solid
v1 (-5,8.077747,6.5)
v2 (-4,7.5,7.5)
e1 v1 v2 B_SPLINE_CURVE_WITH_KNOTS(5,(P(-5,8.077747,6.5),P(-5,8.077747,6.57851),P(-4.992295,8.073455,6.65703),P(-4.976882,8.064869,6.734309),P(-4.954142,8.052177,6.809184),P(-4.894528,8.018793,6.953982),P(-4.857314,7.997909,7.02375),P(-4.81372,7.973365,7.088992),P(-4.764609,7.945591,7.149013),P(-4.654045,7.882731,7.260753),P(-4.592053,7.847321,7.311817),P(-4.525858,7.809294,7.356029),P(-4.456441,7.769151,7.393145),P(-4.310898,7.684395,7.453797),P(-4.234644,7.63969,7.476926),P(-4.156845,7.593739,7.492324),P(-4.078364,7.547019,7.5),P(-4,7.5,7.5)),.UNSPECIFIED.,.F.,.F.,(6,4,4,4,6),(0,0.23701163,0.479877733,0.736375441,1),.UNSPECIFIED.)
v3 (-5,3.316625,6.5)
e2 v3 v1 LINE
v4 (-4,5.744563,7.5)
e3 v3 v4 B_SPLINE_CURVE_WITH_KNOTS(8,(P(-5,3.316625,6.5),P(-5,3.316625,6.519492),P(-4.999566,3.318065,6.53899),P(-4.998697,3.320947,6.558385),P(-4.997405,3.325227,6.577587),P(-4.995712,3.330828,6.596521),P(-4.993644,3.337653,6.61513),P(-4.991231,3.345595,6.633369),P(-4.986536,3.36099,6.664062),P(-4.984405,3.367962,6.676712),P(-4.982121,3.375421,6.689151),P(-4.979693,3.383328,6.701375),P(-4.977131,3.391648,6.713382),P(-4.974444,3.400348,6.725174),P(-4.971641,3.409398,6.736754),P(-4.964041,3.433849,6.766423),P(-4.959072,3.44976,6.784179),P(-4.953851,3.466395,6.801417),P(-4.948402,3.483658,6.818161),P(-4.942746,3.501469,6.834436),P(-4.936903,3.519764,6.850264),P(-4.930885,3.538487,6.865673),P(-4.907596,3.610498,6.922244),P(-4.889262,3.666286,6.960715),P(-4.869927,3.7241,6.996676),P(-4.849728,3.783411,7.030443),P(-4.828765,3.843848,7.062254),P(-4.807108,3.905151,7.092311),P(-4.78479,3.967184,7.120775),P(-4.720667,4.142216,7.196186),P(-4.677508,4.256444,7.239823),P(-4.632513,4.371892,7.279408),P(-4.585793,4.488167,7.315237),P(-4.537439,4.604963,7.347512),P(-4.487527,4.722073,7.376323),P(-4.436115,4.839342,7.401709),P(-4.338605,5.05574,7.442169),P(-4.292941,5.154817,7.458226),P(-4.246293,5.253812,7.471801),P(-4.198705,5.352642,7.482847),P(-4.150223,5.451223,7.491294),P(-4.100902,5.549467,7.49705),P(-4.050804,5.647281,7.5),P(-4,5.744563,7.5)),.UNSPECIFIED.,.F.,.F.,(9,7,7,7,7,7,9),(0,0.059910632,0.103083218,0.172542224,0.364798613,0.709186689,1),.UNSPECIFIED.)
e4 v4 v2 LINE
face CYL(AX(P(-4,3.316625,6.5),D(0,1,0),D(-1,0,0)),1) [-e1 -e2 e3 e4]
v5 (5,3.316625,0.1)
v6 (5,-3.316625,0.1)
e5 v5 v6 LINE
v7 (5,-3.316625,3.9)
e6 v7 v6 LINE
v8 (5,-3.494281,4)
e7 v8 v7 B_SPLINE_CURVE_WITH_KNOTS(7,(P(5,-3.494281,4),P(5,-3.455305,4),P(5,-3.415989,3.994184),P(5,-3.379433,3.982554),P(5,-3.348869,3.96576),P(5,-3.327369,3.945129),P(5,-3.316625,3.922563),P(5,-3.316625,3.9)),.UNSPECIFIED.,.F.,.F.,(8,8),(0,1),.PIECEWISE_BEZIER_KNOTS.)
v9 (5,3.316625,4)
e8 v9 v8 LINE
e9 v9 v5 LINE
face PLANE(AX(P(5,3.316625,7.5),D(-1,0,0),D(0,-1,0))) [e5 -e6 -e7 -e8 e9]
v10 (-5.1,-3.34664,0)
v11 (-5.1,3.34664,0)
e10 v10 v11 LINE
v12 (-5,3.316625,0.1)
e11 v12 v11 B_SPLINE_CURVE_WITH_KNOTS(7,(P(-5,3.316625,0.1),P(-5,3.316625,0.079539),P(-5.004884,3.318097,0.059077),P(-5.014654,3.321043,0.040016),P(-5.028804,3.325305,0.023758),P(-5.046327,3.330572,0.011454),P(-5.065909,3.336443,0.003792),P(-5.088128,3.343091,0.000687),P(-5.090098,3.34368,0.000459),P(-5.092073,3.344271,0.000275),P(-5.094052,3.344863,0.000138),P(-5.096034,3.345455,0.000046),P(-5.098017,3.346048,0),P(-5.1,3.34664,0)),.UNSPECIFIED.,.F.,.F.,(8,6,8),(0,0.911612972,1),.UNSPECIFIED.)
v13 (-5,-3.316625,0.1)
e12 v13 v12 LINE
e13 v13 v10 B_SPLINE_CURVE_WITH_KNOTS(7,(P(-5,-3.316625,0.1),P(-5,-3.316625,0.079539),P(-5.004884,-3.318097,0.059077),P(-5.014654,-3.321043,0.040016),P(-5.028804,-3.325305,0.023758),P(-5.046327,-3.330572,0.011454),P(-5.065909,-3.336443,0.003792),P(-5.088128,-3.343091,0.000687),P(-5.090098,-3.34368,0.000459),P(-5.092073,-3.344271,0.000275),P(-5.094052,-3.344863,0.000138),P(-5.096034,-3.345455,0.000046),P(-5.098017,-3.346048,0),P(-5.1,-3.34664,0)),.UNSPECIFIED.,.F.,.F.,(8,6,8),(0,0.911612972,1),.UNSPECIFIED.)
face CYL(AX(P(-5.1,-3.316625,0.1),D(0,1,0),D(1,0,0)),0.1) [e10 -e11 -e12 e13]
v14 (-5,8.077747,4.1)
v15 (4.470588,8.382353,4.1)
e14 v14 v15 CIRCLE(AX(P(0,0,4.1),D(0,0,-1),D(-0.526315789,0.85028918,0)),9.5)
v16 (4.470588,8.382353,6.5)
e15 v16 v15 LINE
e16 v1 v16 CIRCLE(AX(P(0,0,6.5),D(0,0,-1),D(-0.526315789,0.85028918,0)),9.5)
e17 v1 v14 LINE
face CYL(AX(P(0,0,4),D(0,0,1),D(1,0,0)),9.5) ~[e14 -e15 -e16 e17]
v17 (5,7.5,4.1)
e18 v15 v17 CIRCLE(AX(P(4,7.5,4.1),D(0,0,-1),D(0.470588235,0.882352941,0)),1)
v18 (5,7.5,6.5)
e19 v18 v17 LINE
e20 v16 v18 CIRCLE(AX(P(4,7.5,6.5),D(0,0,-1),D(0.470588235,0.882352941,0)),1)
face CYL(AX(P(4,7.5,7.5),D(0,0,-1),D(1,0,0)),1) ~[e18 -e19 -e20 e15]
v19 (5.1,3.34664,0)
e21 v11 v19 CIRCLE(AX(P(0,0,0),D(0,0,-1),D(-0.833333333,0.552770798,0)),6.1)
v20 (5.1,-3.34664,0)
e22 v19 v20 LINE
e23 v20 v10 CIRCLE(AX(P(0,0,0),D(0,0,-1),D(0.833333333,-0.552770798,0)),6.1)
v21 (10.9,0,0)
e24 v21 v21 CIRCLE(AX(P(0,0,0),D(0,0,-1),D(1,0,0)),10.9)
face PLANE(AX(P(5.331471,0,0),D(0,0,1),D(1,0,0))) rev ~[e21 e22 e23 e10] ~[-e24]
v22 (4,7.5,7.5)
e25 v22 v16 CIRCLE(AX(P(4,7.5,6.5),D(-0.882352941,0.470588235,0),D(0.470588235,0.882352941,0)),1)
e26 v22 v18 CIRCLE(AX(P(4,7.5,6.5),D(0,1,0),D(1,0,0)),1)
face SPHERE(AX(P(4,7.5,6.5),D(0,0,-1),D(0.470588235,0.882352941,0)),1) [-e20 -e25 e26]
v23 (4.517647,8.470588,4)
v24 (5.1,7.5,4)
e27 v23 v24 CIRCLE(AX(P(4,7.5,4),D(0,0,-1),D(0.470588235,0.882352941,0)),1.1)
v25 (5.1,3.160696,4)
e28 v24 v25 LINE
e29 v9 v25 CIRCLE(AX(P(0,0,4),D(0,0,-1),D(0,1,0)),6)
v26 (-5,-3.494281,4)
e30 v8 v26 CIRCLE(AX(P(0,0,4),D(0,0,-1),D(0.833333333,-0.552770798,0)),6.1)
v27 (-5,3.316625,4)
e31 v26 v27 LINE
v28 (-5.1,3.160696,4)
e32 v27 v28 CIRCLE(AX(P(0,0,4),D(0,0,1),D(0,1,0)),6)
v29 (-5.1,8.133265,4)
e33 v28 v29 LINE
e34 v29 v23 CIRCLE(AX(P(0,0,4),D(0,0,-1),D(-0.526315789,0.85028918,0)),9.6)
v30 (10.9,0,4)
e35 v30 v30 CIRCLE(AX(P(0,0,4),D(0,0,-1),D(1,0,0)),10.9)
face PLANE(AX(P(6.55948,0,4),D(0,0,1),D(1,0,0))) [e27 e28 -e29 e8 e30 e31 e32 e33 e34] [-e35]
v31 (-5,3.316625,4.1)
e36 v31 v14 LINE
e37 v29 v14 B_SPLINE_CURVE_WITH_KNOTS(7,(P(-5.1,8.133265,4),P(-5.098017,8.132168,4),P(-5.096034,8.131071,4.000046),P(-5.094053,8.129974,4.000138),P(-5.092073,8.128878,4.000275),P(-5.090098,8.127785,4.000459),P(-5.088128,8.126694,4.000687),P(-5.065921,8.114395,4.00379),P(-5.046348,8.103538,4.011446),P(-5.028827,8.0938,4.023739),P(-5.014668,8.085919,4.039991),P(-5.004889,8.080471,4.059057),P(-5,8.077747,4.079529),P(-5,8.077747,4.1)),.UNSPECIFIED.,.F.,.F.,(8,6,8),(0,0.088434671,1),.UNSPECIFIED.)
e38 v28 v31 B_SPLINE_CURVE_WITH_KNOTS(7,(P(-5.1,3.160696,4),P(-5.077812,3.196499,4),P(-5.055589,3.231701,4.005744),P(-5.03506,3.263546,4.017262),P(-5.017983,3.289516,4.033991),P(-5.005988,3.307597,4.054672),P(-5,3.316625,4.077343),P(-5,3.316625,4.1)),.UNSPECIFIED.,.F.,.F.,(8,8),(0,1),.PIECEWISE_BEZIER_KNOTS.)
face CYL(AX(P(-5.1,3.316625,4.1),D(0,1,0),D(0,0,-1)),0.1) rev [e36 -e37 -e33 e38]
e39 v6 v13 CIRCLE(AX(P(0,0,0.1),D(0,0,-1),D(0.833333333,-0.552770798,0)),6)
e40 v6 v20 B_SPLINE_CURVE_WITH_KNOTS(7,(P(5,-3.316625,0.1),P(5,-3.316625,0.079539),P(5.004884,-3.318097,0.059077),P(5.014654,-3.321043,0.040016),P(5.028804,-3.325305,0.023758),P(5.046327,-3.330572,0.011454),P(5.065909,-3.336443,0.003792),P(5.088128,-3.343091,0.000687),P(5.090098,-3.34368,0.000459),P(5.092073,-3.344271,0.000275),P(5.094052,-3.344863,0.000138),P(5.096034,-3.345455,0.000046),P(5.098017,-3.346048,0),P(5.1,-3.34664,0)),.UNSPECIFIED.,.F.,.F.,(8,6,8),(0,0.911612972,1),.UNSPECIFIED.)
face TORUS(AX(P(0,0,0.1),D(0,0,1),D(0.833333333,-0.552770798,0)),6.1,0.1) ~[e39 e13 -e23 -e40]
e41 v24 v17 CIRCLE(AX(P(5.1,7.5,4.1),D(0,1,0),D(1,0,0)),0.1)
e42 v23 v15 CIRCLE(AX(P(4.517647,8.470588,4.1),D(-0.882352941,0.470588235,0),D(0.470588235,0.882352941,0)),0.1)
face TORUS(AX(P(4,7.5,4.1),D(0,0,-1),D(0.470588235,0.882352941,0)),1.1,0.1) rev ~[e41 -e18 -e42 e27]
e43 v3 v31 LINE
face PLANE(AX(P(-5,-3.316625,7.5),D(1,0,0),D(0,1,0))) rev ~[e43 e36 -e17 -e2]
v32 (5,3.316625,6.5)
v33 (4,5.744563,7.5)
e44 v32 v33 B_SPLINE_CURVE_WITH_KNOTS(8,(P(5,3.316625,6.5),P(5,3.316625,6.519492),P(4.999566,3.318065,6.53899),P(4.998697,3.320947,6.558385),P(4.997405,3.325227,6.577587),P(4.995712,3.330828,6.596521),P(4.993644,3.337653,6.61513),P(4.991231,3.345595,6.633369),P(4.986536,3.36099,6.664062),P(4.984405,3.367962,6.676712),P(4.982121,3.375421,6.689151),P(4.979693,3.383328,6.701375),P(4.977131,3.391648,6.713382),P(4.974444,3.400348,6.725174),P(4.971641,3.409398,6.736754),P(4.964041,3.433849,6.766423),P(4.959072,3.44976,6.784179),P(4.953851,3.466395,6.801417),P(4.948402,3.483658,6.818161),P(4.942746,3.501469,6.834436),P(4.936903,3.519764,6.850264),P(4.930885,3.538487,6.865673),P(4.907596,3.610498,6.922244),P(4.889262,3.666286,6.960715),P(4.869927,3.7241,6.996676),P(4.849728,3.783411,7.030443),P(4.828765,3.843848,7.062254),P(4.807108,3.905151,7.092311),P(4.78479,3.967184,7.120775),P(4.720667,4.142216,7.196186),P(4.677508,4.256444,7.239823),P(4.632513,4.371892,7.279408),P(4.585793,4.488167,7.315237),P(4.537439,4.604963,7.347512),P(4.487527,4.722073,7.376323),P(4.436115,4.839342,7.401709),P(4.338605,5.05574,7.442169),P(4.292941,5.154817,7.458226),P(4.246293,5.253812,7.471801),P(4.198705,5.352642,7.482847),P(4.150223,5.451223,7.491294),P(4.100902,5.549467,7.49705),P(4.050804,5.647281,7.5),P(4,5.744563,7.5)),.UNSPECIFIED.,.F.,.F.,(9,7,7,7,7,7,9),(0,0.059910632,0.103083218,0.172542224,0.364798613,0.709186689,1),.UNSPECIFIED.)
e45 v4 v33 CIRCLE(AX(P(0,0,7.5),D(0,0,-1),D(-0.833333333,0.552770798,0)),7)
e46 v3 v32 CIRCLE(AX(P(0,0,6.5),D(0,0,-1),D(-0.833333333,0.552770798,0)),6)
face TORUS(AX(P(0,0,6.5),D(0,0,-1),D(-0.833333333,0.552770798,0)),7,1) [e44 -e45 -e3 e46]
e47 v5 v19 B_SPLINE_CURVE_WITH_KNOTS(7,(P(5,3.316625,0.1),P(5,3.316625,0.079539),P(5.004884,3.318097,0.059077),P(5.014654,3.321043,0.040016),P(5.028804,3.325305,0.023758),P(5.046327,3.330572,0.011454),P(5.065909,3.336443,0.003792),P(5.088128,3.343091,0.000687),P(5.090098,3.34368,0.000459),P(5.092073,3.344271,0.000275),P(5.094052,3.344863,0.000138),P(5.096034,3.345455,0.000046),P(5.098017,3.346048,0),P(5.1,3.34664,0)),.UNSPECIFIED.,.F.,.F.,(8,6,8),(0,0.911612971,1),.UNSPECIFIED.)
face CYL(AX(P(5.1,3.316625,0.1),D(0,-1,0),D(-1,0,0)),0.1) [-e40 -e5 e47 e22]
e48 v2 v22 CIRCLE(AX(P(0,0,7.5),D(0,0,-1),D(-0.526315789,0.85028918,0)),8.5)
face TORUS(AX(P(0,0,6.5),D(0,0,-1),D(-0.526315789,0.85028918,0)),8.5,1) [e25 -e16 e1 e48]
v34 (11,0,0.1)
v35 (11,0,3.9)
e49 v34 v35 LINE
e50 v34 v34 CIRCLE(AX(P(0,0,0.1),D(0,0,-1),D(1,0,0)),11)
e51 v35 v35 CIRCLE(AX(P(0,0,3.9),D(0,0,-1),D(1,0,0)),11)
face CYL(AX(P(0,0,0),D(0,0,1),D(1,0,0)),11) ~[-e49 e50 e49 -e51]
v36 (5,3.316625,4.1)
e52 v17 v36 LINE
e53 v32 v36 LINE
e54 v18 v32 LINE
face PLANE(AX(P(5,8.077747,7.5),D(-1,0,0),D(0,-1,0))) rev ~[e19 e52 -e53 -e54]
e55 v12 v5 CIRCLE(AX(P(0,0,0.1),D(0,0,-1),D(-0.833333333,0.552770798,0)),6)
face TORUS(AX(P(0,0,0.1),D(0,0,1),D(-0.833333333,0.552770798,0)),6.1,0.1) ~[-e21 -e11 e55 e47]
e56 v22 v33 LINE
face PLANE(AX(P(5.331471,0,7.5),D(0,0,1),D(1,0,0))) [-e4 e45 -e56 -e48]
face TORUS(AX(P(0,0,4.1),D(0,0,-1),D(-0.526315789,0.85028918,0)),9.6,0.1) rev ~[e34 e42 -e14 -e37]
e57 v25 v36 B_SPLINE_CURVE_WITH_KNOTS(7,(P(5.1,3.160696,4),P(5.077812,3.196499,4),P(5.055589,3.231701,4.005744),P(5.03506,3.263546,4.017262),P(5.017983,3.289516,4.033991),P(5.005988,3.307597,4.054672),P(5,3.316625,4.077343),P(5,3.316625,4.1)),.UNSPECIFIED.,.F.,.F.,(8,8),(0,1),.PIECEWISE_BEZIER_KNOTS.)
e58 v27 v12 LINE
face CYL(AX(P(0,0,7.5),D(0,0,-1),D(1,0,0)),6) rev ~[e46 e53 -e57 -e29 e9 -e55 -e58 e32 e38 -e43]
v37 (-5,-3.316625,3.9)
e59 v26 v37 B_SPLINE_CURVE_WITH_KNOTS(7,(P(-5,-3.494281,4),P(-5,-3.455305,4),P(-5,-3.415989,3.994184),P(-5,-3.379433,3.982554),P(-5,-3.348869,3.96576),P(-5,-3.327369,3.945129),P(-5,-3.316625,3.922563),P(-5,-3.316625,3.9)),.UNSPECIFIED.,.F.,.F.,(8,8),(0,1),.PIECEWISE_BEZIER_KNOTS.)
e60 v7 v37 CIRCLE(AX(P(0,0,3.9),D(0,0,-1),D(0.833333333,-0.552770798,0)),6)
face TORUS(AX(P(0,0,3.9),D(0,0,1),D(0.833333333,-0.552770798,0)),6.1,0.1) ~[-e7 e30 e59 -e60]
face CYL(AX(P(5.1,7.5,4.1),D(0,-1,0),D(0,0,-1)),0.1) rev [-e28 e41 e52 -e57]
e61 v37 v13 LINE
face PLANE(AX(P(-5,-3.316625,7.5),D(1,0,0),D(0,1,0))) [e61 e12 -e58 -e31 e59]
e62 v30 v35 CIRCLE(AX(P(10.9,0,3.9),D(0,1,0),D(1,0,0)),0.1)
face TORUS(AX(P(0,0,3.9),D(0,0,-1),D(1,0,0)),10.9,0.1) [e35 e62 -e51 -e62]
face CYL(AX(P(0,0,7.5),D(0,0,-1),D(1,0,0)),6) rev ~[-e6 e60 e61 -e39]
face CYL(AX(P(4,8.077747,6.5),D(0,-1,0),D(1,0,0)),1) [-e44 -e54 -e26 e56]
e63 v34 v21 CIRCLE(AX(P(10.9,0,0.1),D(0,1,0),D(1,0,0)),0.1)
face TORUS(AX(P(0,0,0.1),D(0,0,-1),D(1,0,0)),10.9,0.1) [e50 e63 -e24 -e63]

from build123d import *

# Parameters (mm, degrees)
SALIENTE_EXTRUIR1_DEPTH = 7.5
CORTAR_EXTRUIR1_DEPTH   = 3.5
REDONDEO1_R             = 1
REDONDEO2_R             = 0.1


with BuildPart() as part:
    # Croquis2 → Revolución1 (revolve)
    with BuildSketch(Plane(origin=(0, 0, 0), x_dir=(0, 0, -1), z_dir=(1, 0, 0)), mode=Mode.PRIVATE) as revoluci_n1_sk:
        Polygon((-7.5, 6), (0, 6), (0, 11), (-4, 11), (-4, 9.5), (-7.5, 9.5), align=None)
    revolve(revoluci_n1_sk.sketch.rotate(Axis((0, 0, 7.5), (0, 0, -1)), 90), axis=Axis((0, 0, 7.5), (0, 0, -1)))

    # Croquis3 → Saliente-Extruir1 (add, through all)
    with BuildSketch(Plane.XY.offset(7.5)):
        with BuildLine():
            ThreePointArc((6, 0), (5.744562647, 1.732050808), (5, 3.31662479))
            Line((5, 3.31662479), (5, -3.31662479))
            ThreePointArc((5, -3.31662479), (5.744562647, -1.732050808), (6, 0))
        make_face()
        with BuildLine():
            Line((-5, -3.31662479), (-5, 3.31662479))
            ThreePointArc((-5, 3.31662479), (-6, 0), (-5, -3.31662479))
        make_face()
    extrude(amount=-SALIENTE_EXTRUIR1_DEPTH)

    # Croquis4 → Cortar-Extruir1 (cut)
    with BuildSketch(Plane.XY.offset(7.5)):
        with BuildLine():
            ThreePointArc((9.5, 0), (8.299096336, 4.623310502), (5, 8.077747211))
            Line((5, 8.077747211), (5, 3.31662479))
            Line((5, 3.31662479), (5, -3.31662479))
            Line((5, -3.31662479), (5, -8.077747211))
            ThreePointArc((5, -8.077747211), (8.299096336, -4.623310502), (9.5, 0))
        make_face()
        with BuildLine():
            Line((-5, 3.31662479), (-5, 8.077747211))
            ThreePointArc((-5, 8.077747211), (-9.5, 0), (-5, -8.077747211))
            Line((-5, -8.077747211), (-5, -3.31662479))
            Line((-5, -3.31662479), (-5, 3.31662479))
        make_face()
        with BuildLine():
            Line((-5, -3.31662479), (-5, -8.077747211))
            Line((-5, -8.077747211), (5, -8.077747211))
            Line((5, -8.077747211), (5, -3.31662479))
            ThreePointArc((5, -3.31662479), (0, -6), (-5, -3.31662479))
        make_face()
        with BuildLine():
            Line((5, -8.077747211), (-5, -8.077747211))
            ThreePointArc((-5, -8.077747211), (0, -9.5), (5, -8.077747211))
        make_face()
    extrude(amount=-CORTAR_EXTRUIR1_DEPTH, mode=Mode.SUBTRACT)

    # Redondeo1
    redondeo1_edges = [part.edges().sort_by_distance(p)[0] for p in [
        (-5, 5.697186001, 7.5),
        (5, 5.697186001, 7.5),
        (5, 8.077747211, 5.75),
        (0, 6, 7.5),
        (0, 9.5, 7.5),
    ]]
    fillet(redondeo1_edges, radius=REDONDEO1_R)

    # Redondeo2
    redondeo2_edges = [part.edges().sort_by_distance(p)[0] for p in [
        (-0.30539379, 9.495090028, 4),
        (4.857492926, 8.014495755, 4),
        (0, -6, 4),
        (-5, 5.697186001, 4),
        (5, 5.408312395, 4),
        (-11, 0, 0),
        (-11, 0, 4),
        (-5, 0, 0),
        (5, 0, 0),
        (0, 6, 0),
        (0, -6, 0),
    ]]
    fillet(redondeo2_edges, radius=REDONDEO2_R)


solid = part.part
